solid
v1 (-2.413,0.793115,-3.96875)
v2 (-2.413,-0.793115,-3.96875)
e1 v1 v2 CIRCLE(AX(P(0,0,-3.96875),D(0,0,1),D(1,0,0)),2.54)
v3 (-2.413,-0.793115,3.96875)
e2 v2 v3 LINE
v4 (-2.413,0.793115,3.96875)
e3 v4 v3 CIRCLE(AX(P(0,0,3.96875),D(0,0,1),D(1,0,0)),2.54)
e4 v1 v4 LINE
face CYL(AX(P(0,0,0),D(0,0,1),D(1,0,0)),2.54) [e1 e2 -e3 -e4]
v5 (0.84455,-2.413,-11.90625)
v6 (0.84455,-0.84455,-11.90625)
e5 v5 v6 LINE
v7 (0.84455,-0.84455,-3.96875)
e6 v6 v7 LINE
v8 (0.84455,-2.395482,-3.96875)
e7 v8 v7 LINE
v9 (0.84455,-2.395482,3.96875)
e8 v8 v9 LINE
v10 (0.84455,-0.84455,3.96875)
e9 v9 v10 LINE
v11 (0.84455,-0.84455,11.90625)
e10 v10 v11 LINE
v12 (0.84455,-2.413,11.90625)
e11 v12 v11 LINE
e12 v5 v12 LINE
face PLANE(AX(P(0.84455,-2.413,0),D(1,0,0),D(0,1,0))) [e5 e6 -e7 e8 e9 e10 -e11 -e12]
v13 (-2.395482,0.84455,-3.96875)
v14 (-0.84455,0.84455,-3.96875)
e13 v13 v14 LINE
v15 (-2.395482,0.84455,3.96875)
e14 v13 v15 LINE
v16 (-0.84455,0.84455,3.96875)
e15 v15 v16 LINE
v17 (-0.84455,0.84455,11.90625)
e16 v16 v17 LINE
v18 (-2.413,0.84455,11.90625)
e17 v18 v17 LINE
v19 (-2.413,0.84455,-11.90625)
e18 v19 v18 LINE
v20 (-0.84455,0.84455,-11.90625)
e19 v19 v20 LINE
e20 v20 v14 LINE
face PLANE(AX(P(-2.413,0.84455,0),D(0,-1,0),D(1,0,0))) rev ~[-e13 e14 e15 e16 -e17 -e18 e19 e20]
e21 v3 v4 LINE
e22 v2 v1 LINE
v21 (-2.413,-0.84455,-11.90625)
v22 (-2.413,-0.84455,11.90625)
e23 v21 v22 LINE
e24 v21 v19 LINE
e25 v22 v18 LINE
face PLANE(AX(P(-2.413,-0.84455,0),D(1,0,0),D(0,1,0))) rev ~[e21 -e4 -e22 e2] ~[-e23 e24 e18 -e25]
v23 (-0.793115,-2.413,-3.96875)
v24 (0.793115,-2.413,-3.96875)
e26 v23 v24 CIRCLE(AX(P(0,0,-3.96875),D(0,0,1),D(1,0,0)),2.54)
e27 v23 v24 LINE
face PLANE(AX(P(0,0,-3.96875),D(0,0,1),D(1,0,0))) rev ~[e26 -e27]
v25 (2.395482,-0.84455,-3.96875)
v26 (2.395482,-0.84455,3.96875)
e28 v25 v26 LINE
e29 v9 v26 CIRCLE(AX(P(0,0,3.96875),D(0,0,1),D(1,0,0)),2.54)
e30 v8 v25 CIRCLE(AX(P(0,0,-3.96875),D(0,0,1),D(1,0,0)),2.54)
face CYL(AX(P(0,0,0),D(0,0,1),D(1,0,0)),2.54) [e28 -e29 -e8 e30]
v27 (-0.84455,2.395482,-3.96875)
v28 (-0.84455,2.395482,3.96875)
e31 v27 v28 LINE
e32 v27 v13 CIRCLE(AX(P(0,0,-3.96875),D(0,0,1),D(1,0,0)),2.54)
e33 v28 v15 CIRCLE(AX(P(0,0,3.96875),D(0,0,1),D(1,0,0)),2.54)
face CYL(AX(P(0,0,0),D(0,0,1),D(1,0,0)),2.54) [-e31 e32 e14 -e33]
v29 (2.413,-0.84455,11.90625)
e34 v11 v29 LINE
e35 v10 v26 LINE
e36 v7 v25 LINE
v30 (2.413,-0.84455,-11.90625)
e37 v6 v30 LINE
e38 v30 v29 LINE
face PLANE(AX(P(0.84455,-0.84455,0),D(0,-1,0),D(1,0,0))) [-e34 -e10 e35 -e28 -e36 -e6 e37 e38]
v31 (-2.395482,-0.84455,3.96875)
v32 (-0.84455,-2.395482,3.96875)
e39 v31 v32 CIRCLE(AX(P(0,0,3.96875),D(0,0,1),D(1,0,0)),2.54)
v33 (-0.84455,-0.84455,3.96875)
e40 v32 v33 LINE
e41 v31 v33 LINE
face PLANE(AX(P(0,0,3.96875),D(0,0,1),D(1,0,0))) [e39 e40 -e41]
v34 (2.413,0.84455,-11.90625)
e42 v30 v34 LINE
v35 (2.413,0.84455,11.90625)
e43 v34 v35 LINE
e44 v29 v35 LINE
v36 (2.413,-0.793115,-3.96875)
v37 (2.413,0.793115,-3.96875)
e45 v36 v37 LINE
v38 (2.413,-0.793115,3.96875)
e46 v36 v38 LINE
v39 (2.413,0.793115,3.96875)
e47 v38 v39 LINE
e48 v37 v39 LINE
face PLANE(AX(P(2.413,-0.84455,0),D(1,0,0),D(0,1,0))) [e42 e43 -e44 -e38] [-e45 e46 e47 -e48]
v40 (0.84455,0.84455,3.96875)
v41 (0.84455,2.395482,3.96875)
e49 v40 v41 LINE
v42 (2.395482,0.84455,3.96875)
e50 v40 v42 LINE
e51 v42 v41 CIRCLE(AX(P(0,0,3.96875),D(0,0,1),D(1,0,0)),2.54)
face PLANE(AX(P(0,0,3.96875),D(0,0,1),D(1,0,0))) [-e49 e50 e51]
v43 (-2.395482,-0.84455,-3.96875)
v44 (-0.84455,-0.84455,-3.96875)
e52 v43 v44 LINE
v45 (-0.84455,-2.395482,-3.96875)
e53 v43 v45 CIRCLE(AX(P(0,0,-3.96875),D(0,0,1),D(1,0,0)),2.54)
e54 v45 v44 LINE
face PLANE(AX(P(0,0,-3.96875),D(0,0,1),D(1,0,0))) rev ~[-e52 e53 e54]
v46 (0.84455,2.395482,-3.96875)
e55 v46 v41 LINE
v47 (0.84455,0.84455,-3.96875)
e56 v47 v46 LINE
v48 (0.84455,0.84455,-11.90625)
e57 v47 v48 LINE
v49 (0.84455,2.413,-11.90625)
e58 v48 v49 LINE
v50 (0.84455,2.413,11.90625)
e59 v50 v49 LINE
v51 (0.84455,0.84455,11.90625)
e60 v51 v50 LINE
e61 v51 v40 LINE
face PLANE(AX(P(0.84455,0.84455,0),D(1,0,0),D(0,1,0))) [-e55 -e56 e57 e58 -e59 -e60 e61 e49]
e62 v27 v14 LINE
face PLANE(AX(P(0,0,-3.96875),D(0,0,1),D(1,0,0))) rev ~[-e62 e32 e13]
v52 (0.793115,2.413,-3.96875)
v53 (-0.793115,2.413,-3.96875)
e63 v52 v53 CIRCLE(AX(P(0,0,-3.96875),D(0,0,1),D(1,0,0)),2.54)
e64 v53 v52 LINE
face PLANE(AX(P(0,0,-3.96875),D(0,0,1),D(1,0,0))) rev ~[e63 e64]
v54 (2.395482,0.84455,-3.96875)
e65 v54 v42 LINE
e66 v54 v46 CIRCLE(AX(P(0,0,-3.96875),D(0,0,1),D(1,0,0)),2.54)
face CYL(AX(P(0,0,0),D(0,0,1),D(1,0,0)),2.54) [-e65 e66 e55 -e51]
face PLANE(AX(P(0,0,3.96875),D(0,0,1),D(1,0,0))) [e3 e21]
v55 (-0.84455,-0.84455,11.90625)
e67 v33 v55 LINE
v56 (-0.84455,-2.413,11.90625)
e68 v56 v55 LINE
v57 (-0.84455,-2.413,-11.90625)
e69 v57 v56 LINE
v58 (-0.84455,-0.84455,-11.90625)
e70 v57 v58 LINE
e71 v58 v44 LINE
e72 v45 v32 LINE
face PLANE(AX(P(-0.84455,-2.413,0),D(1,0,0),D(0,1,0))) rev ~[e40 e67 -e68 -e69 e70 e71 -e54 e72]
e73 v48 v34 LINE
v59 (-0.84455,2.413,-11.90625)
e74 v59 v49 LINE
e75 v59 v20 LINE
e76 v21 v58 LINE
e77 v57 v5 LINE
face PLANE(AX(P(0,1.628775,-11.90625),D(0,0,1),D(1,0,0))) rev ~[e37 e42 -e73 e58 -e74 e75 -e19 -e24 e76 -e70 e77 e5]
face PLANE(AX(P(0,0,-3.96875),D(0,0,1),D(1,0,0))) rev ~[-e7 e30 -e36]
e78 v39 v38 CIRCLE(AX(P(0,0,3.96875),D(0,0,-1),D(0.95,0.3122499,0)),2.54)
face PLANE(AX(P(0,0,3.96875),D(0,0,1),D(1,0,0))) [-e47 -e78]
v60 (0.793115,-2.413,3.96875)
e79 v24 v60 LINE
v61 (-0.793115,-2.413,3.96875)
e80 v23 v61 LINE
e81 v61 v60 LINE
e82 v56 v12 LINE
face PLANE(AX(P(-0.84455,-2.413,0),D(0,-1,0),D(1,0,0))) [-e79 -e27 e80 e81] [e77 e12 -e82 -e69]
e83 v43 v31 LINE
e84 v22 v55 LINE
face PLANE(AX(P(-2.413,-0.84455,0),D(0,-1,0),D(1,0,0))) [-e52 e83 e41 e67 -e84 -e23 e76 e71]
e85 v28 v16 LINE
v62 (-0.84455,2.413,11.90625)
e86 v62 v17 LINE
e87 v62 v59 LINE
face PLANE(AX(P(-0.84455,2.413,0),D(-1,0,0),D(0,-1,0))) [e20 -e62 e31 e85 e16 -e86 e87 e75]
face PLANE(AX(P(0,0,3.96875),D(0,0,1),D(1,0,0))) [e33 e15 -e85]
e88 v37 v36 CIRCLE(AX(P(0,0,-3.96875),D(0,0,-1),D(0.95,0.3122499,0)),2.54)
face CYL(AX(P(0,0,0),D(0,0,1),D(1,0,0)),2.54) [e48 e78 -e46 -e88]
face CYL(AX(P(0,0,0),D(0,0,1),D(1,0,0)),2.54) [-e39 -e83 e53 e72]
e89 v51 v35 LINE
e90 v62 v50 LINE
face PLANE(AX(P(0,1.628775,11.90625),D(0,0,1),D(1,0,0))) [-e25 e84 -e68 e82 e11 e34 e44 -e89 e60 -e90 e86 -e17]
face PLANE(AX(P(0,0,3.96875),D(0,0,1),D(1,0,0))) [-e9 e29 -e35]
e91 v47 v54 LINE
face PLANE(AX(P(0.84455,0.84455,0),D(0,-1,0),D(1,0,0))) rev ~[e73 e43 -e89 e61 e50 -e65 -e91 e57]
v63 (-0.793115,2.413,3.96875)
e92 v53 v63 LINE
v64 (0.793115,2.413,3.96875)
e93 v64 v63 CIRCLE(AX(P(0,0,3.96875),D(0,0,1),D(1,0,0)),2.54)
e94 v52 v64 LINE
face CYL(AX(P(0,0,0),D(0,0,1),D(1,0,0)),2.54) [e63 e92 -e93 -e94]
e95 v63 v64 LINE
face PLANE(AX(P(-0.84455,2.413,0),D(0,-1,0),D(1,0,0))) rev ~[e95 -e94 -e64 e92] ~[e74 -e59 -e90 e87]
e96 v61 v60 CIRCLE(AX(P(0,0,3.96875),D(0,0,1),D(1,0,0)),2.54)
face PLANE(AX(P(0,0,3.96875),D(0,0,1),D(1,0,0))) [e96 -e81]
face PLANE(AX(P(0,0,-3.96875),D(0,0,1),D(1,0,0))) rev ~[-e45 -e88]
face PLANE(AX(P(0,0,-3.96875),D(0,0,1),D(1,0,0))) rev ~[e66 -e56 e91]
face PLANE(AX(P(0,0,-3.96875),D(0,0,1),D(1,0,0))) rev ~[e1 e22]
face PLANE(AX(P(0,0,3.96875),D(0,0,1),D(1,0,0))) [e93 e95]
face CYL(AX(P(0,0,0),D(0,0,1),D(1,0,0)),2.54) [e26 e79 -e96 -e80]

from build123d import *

# Parameters (mm, degrees)
F0_R     = 2.54
F1_DEPTH = 3.96875
F2_W     = 1.6891
F2_H     = 1.56845
F2_W_2   = 1.56845
F2_H_2   = 1.6891
F3_DEPTH = 11.90625


with BuildPart() as f1:
    # F0 (on Top) → F1 (new body, symmetric)
    with BuildSketch(Plane.XY):
        Circle(F0_R)
    extrude(amount=F1_DEPTH, both=True)

    # F2 (on Top) → F3 (join, symmetric)
    with BuildSketch(Plane.XY):
        with Locations((0, 1.628775)):
            Rectangle(F2_W, F2_H)
        with Locations((1.628775, 0)):
            Rectangle(F2_W_2, F2_H_2)
        Rectangle(F2_W, F2_H_2)
        with Locations((-1.628775, 0)):
            Rectangle(F2_W_2, F2_H_2)
        with Locations((0, -1.628775)):
            Rectangle(F2_W, F2_H)
    extrude(amount=F3_DEPTH, both=True)


solid = f1.part
